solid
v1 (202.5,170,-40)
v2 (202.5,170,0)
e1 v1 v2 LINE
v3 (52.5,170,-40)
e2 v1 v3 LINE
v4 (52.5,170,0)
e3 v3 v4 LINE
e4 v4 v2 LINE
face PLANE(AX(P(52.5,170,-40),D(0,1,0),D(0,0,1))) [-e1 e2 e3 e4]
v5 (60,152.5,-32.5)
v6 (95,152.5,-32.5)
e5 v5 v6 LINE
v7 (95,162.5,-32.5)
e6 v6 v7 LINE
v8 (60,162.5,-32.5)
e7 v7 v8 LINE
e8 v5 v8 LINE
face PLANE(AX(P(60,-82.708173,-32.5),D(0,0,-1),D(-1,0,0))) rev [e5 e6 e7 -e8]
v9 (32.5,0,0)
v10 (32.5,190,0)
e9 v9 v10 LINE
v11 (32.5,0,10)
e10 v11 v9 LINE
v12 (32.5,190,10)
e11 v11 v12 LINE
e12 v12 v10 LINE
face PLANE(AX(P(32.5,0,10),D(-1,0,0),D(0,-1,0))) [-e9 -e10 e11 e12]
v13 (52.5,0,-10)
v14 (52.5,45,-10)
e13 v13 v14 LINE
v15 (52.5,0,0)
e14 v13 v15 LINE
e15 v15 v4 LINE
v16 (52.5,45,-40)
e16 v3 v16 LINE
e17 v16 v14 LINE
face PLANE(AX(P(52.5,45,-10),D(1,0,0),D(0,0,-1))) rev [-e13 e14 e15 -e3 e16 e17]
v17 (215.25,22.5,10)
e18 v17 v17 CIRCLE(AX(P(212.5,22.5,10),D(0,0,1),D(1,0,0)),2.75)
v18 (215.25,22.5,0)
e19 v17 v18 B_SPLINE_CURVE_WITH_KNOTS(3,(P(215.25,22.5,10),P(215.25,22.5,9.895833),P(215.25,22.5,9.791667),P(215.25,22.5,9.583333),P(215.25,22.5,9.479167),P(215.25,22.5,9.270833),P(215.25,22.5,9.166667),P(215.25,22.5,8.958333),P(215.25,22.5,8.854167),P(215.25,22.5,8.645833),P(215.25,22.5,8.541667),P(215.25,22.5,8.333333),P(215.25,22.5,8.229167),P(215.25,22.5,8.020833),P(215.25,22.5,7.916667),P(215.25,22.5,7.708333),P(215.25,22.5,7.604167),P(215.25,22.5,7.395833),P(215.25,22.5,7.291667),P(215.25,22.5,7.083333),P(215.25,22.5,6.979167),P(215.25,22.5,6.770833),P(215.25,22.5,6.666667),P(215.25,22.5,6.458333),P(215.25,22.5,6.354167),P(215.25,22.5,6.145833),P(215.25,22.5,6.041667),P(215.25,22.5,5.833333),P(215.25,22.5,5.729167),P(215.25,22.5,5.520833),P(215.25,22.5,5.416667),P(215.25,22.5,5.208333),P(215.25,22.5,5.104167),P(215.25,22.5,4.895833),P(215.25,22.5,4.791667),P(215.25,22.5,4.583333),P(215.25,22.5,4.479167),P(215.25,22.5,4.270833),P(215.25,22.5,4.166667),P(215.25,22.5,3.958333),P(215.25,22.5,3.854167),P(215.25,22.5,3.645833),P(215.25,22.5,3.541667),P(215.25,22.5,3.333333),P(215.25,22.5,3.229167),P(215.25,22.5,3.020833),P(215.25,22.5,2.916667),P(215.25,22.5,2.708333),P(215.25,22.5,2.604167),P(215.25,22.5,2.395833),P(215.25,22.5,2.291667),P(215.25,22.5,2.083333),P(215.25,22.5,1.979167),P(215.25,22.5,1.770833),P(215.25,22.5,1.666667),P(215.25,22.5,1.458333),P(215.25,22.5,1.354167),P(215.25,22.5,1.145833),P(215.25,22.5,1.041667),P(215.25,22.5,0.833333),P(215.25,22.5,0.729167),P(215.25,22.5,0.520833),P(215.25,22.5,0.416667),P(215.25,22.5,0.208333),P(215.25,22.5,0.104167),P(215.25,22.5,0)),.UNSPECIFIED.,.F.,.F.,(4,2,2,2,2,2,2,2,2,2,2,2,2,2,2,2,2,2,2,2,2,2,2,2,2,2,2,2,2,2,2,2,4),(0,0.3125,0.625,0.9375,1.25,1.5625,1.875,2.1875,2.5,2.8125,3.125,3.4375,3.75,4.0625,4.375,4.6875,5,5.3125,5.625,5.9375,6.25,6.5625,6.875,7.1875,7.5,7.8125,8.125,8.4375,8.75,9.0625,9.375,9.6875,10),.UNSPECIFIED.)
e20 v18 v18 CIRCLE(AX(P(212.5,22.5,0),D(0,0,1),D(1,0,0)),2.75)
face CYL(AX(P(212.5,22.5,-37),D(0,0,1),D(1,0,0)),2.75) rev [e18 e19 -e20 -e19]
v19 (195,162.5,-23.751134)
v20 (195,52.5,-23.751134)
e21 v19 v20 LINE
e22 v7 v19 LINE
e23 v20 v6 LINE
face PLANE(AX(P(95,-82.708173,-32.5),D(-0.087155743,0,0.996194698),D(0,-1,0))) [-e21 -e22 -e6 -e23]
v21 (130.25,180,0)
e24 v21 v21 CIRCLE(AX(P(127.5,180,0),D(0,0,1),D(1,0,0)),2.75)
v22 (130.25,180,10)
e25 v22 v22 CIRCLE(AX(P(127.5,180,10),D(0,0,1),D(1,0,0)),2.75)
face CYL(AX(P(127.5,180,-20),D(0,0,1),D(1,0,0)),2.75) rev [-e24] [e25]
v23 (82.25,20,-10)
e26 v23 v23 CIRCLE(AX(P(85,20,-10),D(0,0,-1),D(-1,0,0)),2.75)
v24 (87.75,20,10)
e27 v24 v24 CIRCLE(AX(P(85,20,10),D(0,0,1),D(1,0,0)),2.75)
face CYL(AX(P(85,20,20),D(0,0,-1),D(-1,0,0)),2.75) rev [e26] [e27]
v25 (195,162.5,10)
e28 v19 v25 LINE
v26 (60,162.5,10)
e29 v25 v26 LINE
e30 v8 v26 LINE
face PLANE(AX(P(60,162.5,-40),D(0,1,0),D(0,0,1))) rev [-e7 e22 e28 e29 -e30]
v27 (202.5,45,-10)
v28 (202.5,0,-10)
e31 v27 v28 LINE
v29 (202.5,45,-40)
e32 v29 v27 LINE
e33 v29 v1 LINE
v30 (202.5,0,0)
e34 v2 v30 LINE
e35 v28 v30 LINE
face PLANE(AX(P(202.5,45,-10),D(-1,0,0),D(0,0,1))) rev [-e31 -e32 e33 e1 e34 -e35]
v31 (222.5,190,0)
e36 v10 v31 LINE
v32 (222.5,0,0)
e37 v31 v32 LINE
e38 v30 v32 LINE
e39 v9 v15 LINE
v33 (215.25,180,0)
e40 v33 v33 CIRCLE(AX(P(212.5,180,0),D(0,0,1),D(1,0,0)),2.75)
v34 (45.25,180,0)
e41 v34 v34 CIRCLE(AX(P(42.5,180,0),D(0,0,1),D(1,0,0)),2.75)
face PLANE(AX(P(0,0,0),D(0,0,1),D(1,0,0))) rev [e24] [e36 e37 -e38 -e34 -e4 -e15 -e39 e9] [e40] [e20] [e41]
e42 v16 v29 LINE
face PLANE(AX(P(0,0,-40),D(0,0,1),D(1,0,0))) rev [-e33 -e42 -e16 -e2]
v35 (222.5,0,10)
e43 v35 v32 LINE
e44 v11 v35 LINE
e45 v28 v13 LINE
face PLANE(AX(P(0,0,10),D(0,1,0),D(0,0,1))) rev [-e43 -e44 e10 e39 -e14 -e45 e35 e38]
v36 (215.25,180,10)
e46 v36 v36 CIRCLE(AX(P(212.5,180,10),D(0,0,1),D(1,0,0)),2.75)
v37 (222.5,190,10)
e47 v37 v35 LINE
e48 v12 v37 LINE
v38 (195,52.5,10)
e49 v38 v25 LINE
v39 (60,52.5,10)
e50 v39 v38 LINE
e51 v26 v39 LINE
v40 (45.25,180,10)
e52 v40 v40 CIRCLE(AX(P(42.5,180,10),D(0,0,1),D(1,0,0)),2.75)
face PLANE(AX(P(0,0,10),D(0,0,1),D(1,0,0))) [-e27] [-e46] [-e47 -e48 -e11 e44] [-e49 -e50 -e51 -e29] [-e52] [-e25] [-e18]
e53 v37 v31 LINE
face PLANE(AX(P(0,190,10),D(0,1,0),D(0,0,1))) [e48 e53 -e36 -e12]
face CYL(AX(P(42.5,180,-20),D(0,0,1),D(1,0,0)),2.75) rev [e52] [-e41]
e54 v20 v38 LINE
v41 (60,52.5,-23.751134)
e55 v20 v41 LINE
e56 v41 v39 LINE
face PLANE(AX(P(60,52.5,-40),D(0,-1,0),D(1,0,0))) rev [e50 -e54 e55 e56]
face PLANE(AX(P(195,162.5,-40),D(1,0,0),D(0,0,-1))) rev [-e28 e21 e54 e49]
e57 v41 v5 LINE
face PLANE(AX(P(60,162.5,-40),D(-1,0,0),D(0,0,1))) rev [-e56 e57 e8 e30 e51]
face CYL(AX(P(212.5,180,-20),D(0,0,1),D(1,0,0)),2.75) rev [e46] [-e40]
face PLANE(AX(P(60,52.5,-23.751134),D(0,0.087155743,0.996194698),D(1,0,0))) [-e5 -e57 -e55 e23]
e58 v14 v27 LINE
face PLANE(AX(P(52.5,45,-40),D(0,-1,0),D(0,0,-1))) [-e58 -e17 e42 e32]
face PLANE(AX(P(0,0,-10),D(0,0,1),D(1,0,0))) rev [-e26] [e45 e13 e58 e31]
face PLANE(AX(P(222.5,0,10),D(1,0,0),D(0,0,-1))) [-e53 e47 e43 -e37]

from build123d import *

# Parameters (mm, degrees)
SKETCH1_W           = 150
SKETCH1_H           = 45
BOSS_EXTRUDE1_DEPTH = 10
SKETCH2_W           = 150
SKETCH2_H           = 45
BOSS_EXTRUDE2_DEPTH = 10
SKETCH3_R           = 2.75
CUT_EXTRUDE1_DEPTH  = 30
CUT_EXTRUDE2_DEPTH  = 30
CUT_EXTRUDE3_DEPTH  = 47
SKETCH7_W           = 150
SKETCH7_H           = 125
SKETCH7_W_2         = 135
SKETCH7_H_2         = 110
BOSS_EXTRUDE3_DEPTH = 50
SKETCH8_W           = 135
SKETCH8_H           = 7.5
BOSS_EXTRUDE4_DEPTH = 110
CHAMFER2_SIZE       = 100
CHAMFER2_SIZE2      = 8.748866353


with BuildPart() as part:
    # Sketch1 → Boss-Extrude1 (new body)
    with BuildSketch(Plane.XY):
        Polygon((52.5, 45), (52.5, 170), (202.5, 170), (202.5, 45), (202.5, 0), (222.5, 0), (222.5, 190), (32.5, 190), (32.5, 45), (32.5, 0), (52.5, 0), align=None)
        with Locations((127.5, 22.5)):
            Rectangle(SKETCH1_W, SKETCH1_H)
    extrude(amount=BOSS_EXTRUDE1_DEPTH)

    # Sketch2 → Boss-Extrude2 (add)
    with BuildSketch(Plane(origin=(0, 0, 0), x_dir=(-1, 0, 0), z_dir=(0, 0, -1))):
        with Locations((-127.5, 22.5)):
            Rectangle(SKETCH2_W, SKETCH2_H)
    extrude(amount=BOSS_EXTRUDE2_DEPTH)

    # Sketch3 → Cut-Extrude1 (cut)
    with BuildSketch(Plane(origin=(0, 0, -10), x_dir=(-1, 0, 0), z_dir=(0, 0, -1))):
        with Locations((-85, 20)):
            Circle(SKETCH3_R)
    extrude(amount=-CUT_EXTRUDE1_DEPTH, mode=Mode.SUBTRACT)

    # Sketch4 → Cut-Extrude2 (cut)
    with BuildSketch(Plane.XY.offset(10)):
        with BuildLine():
            ThreePointArc((40.555456352, 181.944543648), (40.555456352, 178.055456352), (44.444543648, 178.055456352))
            Line((44.444543648, 178.055456352), (40.555456352, 181.944543648))
        make_face()
        with BuildLine():
            Line((40.555456352, 181.944543648), (44.444543648, 178.055456352))
            ThreePointArc((44.444543648, 178.055456352), (45.040668714, 178.947620561), (45.25, 180))
            ThreePointArc((45.25, 180), (43.552379439, 182.540668714), (40.555456352, 181.944543648))
        make_face()
        with BuildLine():
            ThreePointArc((130.25, 180), (129.444543648, 181.944543648), (127.5, 182.75))
            Line((127.5, 182.75), (127.5, 177.25))
            ThreePointArc((127.5, 177.25), (129.444543648, 178.055456352), (130.25, 180))
        make_face()
        with BuildLine():
            Line((127.5, 177.25), (127.5, 182.75))
            ThreePointArc((127.5, 182.75), (124.75, 180), (127.5, 177.25))
        make_face()
        with BuildLine():
            ThreePointArc((214.444543648, 181.944543648), (210.555456352, 181.944543648), (210.555456352, 178.055456352))
            Line((210.555456352, 178.055456352), (214.444543648, 181.944543648))
        make_face()
        with BuildLine():
            Line((214.444543648, 181.944543648), (210.555456352, 178.055456352))
            ThreePointArc((210.555456352, 178.055456352), (213.552379439, 177.459331286), (215.25, 180))
            ThreePointArc((215.25, 180), (215.040668714, 181.052379439), (214.444543648, 181.944543648))
        make_face()
    extrude(amount=-CUT_EXTRUDE2_DEPTH, mode=Mode.SUBTRACT)

    # Sketch5 → Cut-Extrude3 (cut)
    with BuildSketch(Plane.XY.offset(10)):
        with BuildLine():
            ThreePointArc((215.25, 22.5), (212.5, 25.25), (209.75, 22.5))
            Line((209.75, 22.5), (215.25, 22.5))
        make_face()
        with BuildLine():
            Line((215.25, 22.5), (209.75, 22.5))
            ThreePointArc((209.75, 22.5), (212.5, 19.75), (215.25, 22.5))
        make_face()
    extrude(amount=-CUT_EXTRUDE3_DEPTH, mode=Mode.SUBTRACT)

    # Sketch7 → Boss-Extrude3 (add)
    with BuildSketch(Plane.XY.offset(10)):
        with Locations((127.5, 107.5)):
            Rectangle(SKETCH7_W, SKETCH7_H)
        with Locations((127.5, 107.5)):
            Rectangle(SKETCH7_W_2, SKETCH7_H_2, mode=Mode.SUBTRACT)
    extrude(amount=-BOSS_EXTRUDE3_DEPTH)

    # Sketch8 → Boss-Extrude4 (add)
    with BuildSketch(Plane.XZ.offset(-162.5)):
        with Locations((127.5, -36.25)):
            Rectangle(SKETCH8_W, SKETCH8_H)
    extrude(amount=BOSS_EXTRUDE4_DEPTH)

    # Chamfer2
    chamfer2_edges = [part.edges().sort_by_distance(p)[0] for p in [
        (195, 107.5, -32.5),
        (127.5, 52.5, -32.5),
    ]]
    chamfer2_side = [part.faces().sort_by_distance(p)[0] for p in [
        (127.5, 107.5, -32.5),
    ]]
    chamfer(chamfer2_edges, length=CHAMFER2_SIZE, length2=CHAMFER2_SIZE2, reference=chamfer2_side[0])


solid = part.part
